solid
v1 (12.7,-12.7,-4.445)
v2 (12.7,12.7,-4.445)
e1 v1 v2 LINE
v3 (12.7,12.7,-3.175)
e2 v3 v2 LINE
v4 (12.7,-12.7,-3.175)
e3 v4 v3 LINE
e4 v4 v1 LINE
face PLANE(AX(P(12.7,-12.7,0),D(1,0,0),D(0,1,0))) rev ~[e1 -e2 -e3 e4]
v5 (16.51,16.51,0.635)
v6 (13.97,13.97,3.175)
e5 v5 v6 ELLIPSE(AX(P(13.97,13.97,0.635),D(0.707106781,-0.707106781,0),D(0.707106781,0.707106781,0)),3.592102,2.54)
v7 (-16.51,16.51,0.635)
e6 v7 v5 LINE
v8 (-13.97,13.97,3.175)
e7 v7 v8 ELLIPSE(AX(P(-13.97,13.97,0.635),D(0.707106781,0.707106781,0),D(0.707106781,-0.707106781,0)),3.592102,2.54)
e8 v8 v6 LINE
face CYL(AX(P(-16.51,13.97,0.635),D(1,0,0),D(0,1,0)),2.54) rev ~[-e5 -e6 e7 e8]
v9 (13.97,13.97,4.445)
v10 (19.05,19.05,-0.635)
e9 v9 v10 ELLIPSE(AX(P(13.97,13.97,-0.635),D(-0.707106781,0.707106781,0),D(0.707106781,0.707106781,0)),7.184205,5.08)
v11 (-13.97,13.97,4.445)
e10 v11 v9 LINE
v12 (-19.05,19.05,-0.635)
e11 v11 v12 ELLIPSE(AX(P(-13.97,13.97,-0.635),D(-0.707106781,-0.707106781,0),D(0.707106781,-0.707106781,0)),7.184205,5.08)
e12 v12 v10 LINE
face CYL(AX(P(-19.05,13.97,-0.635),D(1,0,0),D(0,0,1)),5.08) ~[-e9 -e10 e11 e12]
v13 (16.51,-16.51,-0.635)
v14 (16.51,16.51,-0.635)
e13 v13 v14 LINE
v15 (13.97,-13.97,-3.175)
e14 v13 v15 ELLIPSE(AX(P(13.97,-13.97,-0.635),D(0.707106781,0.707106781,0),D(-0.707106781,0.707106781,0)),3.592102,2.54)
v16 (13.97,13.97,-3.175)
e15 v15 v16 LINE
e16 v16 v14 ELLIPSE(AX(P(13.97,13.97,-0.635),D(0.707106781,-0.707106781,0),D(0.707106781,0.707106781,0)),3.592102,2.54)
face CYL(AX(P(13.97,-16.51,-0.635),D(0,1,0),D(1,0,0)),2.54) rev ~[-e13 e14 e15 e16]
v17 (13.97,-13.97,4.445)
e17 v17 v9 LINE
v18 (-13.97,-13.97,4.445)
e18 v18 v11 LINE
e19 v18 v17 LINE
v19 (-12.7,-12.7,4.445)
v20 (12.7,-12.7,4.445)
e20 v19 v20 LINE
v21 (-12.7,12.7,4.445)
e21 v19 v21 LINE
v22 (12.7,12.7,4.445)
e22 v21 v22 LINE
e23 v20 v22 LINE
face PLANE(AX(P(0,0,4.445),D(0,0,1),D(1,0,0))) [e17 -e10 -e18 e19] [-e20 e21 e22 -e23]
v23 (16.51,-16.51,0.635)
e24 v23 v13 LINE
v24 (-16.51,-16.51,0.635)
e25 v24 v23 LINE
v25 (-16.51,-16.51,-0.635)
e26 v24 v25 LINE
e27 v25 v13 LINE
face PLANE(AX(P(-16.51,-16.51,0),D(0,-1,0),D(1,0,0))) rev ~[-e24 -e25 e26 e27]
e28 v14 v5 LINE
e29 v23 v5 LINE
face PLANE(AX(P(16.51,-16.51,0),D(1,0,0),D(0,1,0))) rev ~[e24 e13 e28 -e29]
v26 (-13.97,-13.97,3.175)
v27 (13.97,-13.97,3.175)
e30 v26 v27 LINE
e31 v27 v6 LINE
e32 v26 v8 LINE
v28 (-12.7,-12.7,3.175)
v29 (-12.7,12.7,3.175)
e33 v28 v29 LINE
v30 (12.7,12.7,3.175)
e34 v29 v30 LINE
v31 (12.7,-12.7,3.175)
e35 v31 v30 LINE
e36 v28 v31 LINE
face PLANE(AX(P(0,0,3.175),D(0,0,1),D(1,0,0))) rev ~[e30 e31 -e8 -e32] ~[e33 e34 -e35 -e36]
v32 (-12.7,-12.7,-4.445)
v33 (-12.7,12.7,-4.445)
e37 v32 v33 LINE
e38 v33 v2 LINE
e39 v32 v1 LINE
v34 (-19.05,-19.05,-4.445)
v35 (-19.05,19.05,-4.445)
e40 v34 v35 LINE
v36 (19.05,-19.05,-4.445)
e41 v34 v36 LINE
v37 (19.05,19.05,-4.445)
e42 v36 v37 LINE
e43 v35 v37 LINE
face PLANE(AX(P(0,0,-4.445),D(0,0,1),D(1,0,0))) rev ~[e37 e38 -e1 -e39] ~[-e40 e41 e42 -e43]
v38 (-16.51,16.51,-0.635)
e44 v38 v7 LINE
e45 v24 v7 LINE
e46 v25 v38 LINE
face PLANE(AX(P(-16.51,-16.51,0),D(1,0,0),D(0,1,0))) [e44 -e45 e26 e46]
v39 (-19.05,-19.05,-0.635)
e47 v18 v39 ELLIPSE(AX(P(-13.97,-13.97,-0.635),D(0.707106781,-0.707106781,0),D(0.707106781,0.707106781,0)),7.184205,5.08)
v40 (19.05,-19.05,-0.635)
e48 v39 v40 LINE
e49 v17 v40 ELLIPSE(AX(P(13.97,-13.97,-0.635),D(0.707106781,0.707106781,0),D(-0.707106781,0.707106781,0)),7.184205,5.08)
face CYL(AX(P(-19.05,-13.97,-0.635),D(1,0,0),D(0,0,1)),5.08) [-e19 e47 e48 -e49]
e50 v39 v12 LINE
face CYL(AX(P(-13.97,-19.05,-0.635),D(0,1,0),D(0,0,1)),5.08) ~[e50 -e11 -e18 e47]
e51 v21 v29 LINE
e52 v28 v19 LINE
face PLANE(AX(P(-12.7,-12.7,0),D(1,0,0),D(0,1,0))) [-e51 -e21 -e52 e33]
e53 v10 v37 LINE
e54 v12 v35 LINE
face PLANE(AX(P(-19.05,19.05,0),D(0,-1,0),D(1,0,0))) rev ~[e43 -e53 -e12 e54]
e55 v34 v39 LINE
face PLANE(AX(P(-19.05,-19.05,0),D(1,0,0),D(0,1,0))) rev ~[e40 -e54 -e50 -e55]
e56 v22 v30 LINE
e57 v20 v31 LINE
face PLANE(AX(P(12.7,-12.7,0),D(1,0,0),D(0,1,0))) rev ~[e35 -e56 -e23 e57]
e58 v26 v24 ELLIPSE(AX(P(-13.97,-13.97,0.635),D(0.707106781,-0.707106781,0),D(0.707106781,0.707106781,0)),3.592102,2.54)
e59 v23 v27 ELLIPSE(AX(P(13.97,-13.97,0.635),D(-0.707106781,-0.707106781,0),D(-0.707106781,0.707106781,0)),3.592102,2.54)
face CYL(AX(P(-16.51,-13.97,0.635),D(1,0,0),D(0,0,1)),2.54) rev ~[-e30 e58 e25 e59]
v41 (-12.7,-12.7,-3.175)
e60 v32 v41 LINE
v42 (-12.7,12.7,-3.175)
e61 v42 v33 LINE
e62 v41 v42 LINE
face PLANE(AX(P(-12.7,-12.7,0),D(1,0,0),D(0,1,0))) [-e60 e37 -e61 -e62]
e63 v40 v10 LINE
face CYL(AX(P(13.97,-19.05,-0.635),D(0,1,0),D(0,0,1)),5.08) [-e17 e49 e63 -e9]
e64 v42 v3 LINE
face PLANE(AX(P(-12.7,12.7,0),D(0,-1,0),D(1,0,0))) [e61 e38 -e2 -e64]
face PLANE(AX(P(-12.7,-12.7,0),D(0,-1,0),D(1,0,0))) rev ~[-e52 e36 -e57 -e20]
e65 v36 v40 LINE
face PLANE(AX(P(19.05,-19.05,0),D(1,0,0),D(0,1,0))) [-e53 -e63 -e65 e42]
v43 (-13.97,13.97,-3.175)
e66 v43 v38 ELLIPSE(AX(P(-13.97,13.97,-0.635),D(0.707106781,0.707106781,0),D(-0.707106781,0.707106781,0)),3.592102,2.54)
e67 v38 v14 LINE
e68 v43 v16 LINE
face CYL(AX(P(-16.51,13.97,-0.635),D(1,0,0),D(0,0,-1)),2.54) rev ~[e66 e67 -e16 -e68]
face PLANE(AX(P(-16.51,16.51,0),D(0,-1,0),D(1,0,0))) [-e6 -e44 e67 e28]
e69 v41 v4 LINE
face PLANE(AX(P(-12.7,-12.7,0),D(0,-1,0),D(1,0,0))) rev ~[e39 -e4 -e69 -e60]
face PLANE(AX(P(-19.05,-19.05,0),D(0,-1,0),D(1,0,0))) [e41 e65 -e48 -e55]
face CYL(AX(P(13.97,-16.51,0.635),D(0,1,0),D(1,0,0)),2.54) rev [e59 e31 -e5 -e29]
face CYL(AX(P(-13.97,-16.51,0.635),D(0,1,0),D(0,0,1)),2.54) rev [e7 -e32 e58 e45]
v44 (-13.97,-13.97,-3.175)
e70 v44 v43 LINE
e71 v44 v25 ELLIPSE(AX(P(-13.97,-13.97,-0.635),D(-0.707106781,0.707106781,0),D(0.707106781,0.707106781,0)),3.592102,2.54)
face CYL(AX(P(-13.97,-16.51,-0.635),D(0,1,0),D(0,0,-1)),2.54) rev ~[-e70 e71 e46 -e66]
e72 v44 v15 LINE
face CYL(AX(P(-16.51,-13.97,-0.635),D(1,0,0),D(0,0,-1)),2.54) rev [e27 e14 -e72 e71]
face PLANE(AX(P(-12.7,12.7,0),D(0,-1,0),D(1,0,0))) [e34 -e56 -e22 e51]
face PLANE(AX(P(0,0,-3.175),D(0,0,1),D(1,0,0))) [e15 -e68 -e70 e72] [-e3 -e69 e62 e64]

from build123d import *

# Parameters (mm, degrees)
F0_W          = 38.1
F0_H          = 38.1
F0_W_2        = 33.02
F0_H_2        = 33.02
F0_W_3        = 25.4
F0_H_3        = 25.4
F1_DEPTH      = 4.445
F1_DEPTH_BACK = 4.445
F2_DEPTH      = 3.175
F2_DEPTH_BACK = 3.175
F3_R          = 2.54
F4_R          = 2.54
F5_R          = 5.08


with BuildPart() as f1:
    # F0 (on Top) → F1 (new body, two sides)
    with BuildSketch(Plane.XY) as f1_sk:
        Rectangle(F0_W, F0_H)
        Rectangle(F0_W_2, F0_H_2, mode=Mode.SUBTRACT)
        Rectangle(F0_W_2, F0_H_2)
        Rectangle(F0_W_3, F0_H_3, mode=Mode.SUBTRACT)
    extrude(amount=F1_DEPTH)
    extrude(f1_sk.sketch, amount=-F1_DEPTH_BACK)

    # F0 (on Top) → F2 (cut, two sides)
    with BuildSketch(Plane.XY) as f2_sk:
        Rectangle(F0_W_2, F0_H_2)
        Rectangle(F0_W_3, F0_H_3, mode=Mode.SUBTRACT)
    extrude(amount=F2_DEPTH, mode=Mode.SUBTRACT)
    extrude(f2_sk.sketch, amount=-F2_DEPTH_BACK, mode=Mode.SUBTRACT)

    # F3
    f3_edges = [f1.edges().sort_by_distance(p)[0] for p in [
        (-16.51, 0, -3.175),
        (0, 16.51, -3.175),
        (16.51, 0, -3.175),
        (0, -16.51, -3.175),
    ]]
    fillet(f3_edges, radius=F3_R)

    # F4
    f4_edges = [f1.edges().sort_by_distance(p)[0] for p in [
        (0, 16.51, 3.175),
        (16.51, 0, 3.175),
        (0, -16.51, 3.175),
        (-16.51, 0, 3.175),
    ]]
    fillet(f4_edges, radius=F4_R)

    # F5
    f5_edges = [f1.edges().sort_by_distance(p)[0] for p in [
        (19.05, 0, 4.445),
        (0, 19.05, 4.445),
        (-19.05, 0, 4.445),
        (0, -19.05, 4.445),
    ]]
    fillet(f5_edges, radius=F5_R)


solid = f1.part
